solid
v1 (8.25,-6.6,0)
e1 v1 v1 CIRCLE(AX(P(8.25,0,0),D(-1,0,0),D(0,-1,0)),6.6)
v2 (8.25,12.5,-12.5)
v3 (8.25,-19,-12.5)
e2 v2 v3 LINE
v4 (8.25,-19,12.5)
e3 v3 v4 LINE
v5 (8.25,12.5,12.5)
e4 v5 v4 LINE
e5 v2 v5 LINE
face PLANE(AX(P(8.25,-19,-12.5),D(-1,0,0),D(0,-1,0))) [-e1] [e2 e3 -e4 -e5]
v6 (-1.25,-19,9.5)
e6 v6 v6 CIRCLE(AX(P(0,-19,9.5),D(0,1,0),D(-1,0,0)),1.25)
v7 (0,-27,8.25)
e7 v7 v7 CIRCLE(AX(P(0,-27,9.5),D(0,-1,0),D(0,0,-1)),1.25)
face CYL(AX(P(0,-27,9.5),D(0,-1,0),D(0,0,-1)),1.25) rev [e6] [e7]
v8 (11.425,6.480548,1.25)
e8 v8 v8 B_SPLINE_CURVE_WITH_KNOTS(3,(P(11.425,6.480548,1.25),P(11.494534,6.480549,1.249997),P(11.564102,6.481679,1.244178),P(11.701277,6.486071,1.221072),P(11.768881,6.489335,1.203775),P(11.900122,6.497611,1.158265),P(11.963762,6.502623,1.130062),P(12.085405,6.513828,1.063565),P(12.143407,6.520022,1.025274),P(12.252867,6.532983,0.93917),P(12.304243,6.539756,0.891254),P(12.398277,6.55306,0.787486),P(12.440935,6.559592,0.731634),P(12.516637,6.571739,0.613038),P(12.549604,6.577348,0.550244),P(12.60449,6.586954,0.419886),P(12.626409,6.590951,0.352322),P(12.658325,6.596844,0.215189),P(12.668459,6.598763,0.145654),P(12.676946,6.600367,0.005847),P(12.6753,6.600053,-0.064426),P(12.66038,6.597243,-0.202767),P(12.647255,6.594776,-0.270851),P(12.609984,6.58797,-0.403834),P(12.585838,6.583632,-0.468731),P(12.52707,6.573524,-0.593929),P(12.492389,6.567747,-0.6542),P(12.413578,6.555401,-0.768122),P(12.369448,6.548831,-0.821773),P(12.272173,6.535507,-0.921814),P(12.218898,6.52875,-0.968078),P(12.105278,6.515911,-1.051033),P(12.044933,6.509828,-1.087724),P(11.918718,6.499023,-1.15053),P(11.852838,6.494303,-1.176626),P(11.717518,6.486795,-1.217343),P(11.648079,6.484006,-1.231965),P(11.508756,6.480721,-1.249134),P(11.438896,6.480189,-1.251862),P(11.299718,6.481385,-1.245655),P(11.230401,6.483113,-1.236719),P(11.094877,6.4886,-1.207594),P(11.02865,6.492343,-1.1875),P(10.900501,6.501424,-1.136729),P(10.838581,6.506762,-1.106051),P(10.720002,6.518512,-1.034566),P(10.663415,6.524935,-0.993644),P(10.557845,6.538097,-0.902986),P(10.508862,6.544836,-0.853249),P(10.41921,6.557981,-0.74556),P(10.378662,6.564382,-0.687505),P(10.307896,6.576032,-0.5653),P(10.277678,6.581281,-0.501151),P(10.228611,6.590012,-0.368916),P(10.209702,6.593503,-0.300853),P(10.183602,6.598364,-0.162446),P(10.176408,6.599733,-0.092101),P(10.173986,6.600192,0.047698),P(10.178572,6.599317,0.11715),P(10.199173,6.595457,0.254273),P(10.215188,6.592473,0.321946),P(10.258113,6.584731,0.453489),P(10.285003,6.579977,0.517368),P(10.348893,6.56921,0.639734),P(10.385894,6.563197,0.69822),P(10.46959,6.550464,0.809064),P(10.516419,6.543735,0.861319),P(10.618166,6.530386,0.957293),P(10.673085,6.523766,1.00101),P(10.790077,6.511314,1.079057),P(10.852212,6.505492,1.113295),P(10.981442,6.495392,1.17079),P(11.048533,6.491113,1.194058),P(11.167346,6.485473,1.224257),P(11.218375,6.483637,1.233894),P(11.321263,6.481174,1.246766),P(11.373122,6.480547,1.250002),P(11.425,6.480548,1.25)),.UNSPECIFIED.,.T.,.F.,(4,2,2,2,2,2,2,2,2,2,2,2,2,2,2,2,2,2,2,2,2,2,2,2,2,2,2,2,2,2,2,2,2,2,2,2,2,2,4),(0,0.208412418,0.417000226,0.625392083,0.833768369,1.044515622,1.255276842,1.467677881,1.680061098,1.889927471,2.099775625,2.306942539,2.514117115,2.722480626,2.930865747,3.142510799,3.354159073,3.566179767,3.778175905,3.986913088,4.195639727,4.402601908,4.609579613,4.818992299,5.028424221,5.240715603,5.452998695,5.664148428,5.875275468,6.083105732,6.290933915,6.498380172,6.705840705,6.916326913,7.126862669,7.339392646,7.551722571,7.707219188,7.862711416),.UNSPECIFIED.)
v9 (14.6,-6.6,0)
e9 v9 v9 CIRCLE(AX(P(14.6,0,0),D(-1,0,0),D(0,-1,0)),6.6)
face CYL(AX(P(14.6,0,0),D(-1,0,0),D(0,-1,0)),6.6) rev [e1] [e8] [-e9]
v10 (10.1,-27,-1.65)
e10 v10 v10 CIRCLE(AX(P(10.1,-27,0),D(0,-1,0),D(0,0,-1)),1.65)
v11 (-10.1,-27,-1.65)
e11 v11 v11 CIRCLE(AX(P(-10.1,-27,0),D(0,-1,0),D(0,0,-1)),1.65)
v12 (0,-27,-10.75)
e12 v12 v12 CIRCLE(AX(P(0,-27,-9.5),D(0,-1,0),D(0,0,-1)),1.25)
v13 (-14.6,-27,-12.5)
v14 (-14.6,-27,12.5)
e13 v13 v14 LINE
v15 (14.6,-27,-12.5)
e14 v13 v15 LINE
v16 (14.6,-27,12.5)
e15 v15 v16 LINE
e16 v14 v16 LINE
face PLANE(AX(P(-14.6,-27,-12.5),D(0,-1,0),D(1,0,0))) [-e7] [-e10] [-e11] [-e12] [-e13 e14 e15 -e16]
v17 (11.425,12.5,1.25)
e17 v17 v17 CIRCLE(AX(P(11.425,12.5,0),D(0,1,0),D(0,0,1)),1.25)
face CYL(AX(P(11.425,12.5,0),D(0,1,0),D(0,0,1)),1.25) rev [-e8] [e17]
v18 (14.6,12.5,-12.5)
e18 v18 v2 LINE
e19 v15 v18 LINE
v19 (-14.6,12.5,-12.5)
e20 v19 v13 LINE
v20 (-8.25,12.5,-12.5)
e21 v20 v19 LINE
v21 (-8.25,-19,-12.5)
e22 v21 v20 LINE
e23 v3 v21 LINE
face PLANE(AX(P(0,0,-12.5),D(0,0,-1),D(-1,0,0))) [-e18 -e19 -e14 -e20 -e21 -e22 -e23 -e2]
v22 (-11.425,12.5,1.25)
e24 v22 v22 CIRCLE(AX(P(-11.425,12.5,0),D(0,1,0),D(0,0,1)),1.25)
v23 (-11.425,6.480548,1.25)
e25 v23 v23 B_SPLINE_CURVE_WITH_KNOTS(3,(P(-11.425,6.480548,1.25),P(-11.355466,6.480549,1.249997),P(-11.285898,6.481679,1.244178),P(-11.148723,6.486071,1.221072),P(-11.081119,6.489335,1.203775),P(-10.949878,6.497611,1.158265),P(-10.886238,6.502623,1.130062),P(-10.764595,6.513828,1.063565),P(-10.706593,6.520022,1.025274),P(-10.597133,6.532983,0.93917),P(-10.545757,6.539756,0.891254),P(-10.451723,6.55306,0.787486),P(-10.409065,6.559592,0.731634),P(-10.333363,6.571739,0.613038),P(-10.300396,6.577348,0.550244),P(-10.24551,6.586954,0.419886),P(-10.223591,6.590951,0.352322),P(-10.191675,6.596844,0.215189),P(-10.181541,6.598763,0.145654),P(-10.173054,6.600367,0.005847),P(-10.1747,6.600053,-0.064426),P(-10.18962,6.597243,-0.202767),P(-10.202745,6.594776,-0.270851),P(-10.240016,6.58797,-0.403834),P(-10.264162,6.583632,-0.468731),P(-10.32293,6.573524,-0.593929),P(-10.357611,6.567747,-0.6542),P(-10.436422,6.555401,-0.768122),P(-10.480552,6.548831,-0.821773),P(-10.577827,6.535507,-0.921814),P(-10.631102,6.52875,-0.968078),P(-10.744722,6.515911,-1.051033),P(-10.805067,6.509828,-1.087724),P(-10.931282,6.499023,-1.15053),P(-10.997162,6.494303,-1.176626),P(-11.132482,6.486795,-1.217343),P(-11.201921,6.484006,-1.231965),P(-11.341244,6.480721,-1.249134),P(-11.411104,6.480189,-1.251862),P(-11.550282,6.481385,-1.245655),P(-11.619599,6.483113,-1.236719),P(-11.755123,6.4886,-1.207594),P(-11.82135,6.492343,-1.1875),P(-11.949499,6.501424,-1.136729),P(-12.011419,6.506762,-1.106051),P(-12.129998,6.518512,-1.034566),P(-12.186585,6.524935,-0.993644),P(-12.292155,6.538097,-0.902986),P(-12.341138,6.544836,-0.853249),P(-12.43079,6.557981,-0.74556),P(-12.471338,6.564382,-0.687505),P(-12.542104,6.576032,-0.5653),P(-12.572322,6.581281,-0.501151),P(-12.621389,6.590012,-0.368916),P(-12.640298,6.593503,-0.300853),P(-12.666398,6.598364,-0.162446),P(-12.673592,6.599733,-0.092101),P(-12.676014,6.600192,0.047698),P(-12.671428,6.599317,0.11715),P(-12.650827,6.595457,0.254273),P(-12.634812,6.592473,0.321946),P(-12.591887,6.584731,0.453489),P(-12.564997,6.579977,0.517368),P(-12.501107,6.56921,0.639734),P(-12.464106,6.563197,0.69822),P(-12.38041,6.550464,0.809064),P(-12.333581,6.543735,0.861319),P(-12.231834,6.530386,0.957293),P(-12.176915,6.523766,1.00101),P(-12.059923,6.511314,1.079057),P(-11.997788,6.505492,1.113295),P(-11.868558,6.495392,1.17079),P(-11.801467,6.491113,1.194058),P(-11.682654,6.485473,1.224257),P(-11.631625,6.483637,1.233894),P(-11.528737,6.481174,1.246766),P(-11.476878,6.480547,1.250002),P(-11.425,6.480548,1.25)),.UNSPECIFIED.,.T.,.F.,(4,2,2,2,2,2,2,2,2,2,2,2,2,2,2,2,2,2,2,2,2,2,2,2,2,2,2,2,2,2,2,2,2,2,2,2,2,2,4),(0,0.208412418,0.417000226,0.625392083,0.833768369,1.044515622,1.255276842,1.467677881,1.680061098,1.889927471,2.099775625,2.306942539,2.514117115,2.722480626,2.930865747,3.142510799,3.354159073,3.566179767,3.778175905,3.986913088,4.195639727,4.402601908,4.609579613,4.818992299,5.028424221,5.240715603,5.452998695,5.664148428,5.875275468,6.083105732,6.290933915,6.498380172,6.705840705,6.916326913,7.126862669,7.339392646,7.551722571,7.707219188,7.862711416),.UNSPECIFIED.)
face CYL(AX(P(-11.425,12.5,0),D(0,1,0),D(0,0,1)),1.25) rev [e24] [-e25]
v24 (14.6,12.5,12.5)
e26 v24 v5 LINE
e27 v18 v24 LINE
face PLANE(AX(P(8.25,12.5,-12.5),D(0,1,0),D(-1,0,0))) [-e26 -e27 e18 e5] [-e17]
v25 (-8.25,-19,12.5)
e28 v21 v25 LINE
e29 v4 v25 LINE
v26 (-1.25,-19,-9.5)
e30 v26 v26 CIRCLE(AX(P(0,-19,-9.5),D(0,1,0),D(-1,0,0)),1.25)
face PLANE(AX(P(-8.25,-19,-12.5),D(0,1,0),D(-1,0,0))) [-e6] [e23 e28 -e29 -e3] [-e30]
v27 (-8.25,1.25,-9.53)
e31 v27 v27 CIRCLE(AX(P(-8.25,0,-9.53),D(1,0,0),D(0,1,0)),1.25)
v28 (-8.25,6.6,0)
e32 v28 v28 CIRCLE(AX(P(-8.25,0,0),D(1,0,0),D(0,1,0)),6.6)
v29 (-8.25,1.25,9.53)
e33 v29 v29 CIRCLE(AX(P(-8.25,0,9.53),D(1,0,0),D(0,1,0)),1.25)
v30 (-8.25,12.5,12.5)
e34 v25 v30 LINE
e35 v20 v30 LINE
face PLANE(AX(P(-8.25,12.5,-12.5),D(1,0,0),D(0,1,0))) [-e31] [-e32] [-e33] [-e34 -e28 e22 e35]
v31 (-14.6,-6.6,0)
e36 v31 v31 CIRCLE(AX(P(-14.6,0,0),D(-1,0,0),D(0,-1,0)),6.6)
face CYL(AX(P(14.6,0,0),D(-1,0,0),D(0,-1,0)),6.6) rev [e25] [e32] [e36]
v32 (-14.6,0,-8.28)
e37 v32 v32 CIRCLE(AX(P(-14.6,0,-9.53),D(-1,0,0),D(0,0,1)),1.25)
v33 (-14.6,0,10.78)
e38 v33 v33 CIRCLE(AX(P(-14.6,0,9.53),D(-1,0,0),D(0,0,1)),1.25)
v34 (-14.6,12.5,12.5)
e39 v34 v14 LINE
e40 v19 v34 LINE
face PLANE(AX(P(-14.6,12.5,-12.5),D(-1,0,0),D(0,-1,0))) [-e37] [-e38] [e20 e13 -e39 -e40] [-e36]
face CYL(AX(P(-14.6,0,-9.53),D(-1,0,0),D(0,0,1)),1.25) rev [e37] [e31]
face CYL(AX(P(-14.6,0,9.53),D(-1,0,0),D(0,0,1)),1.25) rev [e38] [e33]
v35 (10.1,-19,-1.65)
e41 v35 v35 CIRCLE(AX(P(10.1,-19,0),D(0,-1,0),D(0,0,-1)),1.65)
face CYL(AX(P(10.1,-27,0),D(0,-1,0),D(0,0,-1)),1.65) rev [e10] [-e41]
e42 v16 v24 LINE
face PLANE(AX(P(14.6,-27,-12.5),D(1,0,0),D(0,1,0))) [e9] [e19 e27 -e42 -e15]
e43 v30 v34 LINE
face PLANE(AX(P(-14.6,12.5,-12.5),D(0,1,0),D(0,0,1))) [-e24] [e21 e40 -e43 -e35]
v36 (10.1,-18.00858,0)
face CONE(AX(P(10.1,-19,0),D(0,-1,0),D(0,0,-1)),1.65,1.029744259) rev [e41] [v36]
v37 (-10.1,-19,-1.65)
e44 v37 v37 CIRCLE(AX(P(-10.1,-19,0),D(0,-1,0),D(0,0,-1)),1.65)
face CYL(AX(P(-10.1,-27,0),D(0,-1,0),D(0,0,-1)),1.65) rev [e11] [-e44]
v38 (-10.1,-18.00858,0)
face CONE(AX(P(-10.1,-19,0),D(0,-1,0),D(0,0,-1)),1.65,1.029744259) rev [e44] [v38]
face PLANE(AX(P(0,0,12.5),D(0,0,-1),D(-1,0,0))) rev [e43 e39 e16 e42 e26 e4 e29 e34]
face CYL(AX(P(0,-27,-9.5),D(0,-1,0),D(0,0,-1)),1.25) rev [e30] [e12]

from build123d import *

# Parameters (mm, degrees)
BOSS_EXTRUDE1_DEPTH             = 12.5
BOSS_EXTRUDE1_DEPTH_BACK        = 12.5
SKETCH3_R                       = 6.6
CUT_EXTRUDE1_DEPTH              = 42.688007868
TAP_DRILL_FOR_M3X0_5_TAP3_D     = 2.5
TAP_DRILL_FOR_M3X0_5_TAP3_DEPTH = 7
TAP_DRILL_FOR_M3X0_5_TAP3_TIP   = 0.751075774
TAP_DRILL_FOR_M4X0_7_TAP1_D     = 3.3
TAP_DRILL_FOR_M4X0_7_TAP1_DEPTH = 8
TAP_DRILL_FOR_M4X0_7_TAP1_TIP   = 0.991420021
TAP_DRILL_FOR_M3X0_5_TAP4_D     = 2.5
TAP_DRILL_FOR_M3X0_5_TAP4_DEPTH = 6.35
TAP_DRILL_FOR_M3X0_5_TAP5_D     = 2.5


with BuildPart() as part:
    # Sketch1 → Boss-Extrude1 (new, two sides: drawn at the far end of the back side and taken through both)
    with BuildSketch(Plane.XY.offset(-BOSS_EXTRUDE1_DEPTH_BACK)):
        Polygon((-14.6, 12.5), (-14.6, -27), (14.6, -27), (14.6, 12.5), (8.25, 12.5), (8.25, -19), (-8.25, -19), (-8.25, 12.5), align=None)
    extrude(amount=BOSS_EXTRUDE1_DEPTH + BOSS_EXTRUDE1_DEPTH_BACK)

    # Sketch3 → Cut-Extrude1 (cut, through all)
    with BuildSketch(Plane.ZY.offset(14.6)):
        with Locations(Location((0, 0, 0), (0, 0, 270))):
            Circle(SKETCH3_R)
    extrude(amount=-CUT_EXTRUDE1_DEPTH, mode=Mode.SUBTRACT)

    # Tap Drill for M3x0.5 Tap3
    with Locations(Plane(origin=(0, 12.5, 0), x_dir=(1, 0, 0), z_dir=(0, 1, 0))):
        with Locations((-11.425, 0), (11.425, 0)):
            Hole(TAP_DRILL_FOR_M3X0_5_TAP3_D / 2, depth=TAP_DRILL_FOR_M3X0_5_TAP3_DEPTH)
            with Locations((0, 0, -(TAP_DRILL_FOR_M3X0_5_TAP3_DEPTH + TAP_DRILL_FOR_M3X0_5_TAP3_TIP / 2))):  # 118° drill point
                Cone(0, TAP_DRILL_FOR_M3X0_5_TAP3_D / 2, TAP_DRILL_FOR_M3X0_5_TAP3_TIP, mode=Mode.SUBTRACT)

    # Tap Drill for M4x0.7 Tap1
    with Locations(Plane(origin=(0, -27, 0), x_dir=(-1, 0, 0), z_dir=(0, -1, 0))):
        with Locations((-10.1, 0), (10.1, 0)):
            Hole(TAP_DRILL_FOR_M4X0_7_TAP1_D / 2, depth=TAP_DRILL_FOR_M4X0_7_TAP1_DEPTH)
            with Locations((0, 0, -(TAP_DRILL_FOR_M4X0_7_TAP1_DEPTH + TAP_DRILL_FOR_M4X0_7_TAP1_TIP / 2))):  # 118° drill point
                Cone(0, TAP_DRILL_FOR_M4X0_7_TAP1_D / 2, TAP_DRILL_FOR_M4X0_7_TAP1_TIP, mode=Mode.SUBTRACT)

    # Tap Drill for M3x0.5 Tap4
    with Locations(Plane.ZY.offset(14.6)):
        with Locations((-9.53, 0), (9.53, 0)):
            Hole(TAP_DRILL_FOR_M3X0_5_TAP4_D / 2, depth=TAP_DRILL_FOR_M3X0_5_TAP4_DEPTH)

    # Tap Drill for M3x0.5 Tap5 (through all)
    with Locations(Plane(origin=(0, -27, 0), x_dir=(-1, 0, 0), z_dir=(0, -1, 0))):
        with Locations((0, -9.5), (0, 9.5)):
            Hole(TAP_DRILL_FOR_M3X0_5_TAP5_D / 2)


solid = part.part
